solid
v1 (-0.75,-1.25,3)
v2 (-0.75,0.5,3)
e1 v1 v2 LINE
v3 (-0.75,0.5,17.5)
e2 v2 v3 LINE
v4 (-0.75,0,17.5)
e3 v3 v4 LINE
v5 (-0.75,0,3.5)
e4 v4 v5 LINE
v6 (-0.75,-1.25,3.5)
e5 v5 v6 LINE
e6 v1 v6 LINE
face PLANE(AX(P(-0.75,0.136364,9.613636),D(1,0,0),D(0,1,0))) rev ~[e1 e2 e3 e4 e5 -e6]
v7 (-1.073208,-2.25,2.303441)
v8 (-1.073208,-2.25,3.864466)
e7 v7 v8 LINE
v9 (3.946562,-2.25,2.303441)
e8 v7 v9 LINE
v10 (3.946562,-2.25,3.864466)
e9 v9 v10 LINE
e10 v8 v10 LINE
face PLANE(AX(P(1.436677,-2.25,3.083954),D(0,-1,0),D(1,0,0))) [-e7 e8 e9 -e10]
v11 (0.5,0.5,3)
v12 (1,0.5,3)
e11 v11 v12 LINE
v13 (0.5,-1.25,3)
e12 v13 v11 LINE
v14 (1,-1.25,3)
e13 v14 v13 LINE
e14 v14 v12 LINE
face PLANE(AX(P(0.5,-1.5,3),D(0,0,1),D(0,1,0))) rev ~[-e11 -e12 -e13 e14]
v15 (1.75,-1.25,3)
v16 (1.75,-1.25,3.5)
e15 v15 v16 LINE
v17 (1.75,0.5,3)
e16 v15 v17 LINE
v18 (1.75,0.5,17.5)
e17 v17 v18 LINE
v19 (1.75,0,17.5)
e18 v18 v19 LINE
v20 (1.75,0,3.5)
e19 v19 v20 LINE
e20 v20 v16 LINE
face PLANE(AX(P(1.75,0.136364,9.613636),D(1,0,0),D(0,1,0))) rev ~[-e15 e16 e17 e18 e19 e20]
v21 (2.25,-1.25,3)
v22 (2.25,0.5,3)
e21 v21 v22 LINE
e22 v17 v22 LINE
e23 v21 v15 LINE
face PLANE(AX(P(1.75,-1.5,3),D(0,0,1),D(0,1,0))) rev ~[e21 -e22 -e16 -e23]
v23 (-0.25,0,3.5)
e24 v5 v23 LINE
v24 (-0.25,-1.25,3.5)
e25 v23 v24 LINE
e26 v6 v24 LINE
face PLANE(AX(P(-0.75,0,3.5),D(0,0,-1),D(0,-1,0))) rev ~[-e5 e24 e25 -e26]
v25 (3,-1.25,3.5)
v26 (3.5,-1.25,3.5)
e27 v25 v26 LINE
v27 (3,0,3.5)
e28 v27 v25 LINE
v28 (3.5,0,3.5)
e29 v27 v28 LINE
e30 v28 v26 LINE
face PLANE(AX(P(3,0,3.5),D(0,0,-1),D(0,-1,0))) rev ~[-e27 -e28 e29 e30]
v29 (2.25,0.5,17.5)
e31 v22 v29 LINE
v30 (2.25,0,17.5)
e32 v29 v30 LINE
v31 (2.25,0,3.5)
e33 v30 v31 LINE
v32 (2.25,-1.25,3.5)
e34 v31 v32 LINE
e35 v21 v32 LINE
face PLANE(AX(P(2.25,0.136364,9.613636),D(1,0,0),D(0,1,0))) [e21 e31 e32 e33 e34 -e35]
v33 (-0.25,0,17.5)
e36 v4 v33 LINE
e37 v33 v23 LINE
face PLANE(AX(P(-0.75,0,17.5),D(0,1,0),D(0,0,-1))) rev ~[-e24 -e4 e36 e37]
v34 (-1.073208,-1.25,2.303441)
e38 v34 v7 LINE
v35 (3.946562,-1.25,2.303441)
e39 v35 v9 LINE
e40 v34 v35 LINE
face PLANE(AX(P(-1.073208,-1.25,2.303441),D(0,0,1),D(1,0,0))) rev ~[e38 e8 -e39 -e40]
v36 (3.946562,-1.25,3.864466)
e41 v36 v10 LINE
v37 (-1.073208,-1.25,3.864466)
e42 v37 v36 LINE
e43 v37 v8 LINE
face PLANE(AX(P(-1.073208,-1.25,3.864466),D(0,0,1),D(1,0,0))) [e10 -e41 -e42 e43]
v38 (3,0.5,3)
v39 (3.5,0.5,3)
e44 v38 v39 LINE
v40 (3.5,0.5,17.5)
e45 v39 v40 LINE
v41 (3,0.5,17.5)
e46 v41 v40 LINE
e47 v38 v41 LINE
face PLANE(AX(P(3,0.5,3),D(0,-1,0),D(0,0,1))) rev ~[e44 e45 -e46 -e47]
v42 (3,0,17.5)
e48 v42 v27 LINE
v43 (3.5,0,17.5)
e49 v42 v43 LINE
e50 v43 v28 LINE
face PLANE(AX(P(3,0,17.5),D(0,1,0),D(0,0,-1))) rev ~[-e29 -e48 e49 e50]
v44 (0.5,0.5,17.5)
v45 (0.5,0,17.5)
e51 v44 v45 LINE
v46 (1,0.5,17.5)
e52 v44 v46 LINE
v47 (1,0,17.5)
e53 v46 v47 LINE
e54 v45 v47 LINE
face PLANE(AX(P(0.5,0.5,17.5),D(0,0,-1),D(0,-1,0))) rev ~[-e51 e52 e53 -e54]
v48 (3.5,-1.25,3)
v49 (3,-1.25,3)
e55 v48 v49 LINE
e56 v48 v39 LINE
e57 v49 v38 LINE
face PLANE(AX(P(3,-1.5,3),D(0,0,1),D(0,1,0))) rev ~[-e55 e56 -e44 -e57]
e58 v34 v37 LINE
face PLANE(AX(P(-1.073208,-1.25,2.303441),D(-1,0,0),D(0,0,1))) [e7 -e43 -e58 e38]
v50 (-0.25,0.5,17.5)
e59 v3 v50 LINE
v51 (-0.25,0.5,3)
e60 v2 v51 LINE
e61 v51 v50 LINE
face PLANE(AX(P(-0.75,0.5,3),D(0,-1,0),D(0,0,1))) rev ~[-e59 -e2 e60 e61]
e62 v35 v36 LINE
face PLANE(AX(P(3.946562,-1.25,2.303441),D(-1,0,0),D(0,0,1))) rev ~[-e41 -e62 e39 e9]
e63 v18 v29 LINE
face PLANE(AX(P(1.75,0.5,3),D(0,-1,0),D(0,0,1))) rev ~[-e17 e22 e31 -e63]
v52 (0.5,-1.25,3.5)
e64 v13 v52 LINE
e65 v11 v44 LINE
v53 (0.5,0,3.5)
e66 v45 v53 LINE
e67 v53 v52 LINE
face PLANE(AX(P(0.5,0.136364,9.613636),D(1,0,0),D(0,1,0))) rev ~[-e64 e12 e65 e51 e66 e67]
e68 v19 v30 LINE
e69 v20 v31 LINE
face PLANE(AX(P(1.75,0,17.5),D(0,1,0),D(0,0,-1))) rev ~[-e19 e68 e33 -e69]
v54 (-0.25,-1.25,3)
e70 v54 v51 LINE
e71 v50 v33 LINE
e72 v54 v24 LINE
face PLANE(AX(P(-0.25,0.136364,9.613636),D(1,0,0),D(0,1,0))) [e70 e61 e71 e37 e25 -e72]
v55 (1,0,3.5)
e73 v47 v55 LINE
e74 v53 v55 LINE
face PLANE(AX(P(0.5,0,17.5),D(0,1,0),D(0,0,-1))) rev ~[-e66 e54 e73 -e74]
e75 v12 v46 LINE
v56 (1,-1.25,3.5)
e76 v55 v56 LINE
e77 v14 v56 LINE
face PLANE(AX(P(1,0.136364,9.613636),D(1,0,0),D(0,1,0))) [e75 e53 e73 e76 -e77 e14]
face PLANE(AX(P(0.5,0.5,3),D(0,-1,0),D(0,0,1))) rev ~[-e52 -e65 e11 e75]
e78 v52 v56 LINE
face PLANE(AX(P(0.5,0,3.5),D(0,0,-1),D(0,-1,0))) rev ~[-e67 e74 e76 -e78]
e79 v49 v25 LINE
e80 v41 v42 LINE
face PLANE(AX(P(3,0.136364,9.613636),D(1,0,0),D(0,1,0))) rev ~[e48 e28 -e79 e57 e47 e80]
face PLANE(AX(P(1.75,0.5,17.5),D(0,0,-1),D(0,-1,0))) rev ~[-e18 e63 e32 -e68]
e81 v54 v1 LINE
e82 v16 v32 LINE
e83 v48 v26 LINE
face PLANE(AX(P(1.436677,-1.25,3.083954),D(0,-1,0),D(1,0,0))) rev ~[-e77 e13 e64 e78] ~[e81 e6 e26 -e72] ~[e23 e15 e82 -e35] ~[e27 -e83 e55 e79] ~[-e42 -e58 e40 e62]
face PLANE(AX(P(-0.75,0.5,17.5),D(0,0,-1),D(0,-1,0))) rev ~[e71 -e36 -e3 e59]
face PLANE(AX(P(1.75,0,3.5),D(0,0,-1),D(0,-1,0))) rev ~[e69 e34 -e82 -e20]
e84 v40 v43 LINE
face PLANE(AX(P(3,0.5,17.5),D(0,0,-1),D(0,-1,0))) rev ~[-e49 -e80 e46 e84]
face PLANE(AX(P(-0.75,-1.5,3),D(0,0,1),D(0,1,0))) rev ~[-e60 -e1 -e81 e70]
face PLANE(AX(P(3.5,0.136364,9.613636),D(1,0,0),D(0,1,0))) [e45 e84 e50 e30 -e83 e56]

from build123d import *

# Parameters (mm, degrees)
SKETCH004_W  = 5.019769
SKETCH004_H  = 1.561025
PAD002_DEPTH = 1
PAD_DEPTH    = 0.5
PAD001_DEPTH = 0.5
PAD003_DEPTH = 0.5
PAD004_DEPTH = 0.5


with BuildPart() as part:
    # Sketch004 → Pad002 (new body)
    with BuildSketch(Plane.XZ.offset(1.25)):
        with Locations((1.436677, 3.083954)):
            Rectangle(SKETCH004_W, SKETCH004_H)
    extrude(amount=PAD002_DEPTH)

    # Sketch → Pad (join)
    with BuildSketch(Plane.YZ.offset(-0.75)):
        Polygon((-1.5, 3), (0.5, 3), (0.5, 17.5), (0, 17.5), (0, 3.5), (-1.5, 3.5), align=None)
    extrude(amount=PAD_DEPTH)

    # Sketch001 → Pad001 (join)
    with BuildSketch(Plane.YZ.offset(0.5)):
        Polygon((-1.5, 3), (0.5, 3), (0.5, 17.5), (0, 17.5), (0, 3.5), (-1.5, 3.5), align=None)
    extrude(amount=PAD001_DEPTH)

    # Sketch002 → Pad003 (join)
    with BuildSketch(Plane.YZ.offset(1.75)):
        Polygon((-1.5, 3), (0.5, 3), (0.5, 17.5), (0, 17.5), (0, 3.5), (-1.5, 3.5), align=None)
    extrude(amount=PAD003_DEPTH)

    # Sketch003 → Pad004 (join)
    with BuildSketch(Plane.YZ.offset(3)):
        Polygon((-1.5, 3), (0.5, 3), (0.5, 17.5), (0, 17.5), (0, 3.5), (-1.5, 3.5), align=None)
    extrude(amount=PAD004_DEPTH)


solid = part.part
